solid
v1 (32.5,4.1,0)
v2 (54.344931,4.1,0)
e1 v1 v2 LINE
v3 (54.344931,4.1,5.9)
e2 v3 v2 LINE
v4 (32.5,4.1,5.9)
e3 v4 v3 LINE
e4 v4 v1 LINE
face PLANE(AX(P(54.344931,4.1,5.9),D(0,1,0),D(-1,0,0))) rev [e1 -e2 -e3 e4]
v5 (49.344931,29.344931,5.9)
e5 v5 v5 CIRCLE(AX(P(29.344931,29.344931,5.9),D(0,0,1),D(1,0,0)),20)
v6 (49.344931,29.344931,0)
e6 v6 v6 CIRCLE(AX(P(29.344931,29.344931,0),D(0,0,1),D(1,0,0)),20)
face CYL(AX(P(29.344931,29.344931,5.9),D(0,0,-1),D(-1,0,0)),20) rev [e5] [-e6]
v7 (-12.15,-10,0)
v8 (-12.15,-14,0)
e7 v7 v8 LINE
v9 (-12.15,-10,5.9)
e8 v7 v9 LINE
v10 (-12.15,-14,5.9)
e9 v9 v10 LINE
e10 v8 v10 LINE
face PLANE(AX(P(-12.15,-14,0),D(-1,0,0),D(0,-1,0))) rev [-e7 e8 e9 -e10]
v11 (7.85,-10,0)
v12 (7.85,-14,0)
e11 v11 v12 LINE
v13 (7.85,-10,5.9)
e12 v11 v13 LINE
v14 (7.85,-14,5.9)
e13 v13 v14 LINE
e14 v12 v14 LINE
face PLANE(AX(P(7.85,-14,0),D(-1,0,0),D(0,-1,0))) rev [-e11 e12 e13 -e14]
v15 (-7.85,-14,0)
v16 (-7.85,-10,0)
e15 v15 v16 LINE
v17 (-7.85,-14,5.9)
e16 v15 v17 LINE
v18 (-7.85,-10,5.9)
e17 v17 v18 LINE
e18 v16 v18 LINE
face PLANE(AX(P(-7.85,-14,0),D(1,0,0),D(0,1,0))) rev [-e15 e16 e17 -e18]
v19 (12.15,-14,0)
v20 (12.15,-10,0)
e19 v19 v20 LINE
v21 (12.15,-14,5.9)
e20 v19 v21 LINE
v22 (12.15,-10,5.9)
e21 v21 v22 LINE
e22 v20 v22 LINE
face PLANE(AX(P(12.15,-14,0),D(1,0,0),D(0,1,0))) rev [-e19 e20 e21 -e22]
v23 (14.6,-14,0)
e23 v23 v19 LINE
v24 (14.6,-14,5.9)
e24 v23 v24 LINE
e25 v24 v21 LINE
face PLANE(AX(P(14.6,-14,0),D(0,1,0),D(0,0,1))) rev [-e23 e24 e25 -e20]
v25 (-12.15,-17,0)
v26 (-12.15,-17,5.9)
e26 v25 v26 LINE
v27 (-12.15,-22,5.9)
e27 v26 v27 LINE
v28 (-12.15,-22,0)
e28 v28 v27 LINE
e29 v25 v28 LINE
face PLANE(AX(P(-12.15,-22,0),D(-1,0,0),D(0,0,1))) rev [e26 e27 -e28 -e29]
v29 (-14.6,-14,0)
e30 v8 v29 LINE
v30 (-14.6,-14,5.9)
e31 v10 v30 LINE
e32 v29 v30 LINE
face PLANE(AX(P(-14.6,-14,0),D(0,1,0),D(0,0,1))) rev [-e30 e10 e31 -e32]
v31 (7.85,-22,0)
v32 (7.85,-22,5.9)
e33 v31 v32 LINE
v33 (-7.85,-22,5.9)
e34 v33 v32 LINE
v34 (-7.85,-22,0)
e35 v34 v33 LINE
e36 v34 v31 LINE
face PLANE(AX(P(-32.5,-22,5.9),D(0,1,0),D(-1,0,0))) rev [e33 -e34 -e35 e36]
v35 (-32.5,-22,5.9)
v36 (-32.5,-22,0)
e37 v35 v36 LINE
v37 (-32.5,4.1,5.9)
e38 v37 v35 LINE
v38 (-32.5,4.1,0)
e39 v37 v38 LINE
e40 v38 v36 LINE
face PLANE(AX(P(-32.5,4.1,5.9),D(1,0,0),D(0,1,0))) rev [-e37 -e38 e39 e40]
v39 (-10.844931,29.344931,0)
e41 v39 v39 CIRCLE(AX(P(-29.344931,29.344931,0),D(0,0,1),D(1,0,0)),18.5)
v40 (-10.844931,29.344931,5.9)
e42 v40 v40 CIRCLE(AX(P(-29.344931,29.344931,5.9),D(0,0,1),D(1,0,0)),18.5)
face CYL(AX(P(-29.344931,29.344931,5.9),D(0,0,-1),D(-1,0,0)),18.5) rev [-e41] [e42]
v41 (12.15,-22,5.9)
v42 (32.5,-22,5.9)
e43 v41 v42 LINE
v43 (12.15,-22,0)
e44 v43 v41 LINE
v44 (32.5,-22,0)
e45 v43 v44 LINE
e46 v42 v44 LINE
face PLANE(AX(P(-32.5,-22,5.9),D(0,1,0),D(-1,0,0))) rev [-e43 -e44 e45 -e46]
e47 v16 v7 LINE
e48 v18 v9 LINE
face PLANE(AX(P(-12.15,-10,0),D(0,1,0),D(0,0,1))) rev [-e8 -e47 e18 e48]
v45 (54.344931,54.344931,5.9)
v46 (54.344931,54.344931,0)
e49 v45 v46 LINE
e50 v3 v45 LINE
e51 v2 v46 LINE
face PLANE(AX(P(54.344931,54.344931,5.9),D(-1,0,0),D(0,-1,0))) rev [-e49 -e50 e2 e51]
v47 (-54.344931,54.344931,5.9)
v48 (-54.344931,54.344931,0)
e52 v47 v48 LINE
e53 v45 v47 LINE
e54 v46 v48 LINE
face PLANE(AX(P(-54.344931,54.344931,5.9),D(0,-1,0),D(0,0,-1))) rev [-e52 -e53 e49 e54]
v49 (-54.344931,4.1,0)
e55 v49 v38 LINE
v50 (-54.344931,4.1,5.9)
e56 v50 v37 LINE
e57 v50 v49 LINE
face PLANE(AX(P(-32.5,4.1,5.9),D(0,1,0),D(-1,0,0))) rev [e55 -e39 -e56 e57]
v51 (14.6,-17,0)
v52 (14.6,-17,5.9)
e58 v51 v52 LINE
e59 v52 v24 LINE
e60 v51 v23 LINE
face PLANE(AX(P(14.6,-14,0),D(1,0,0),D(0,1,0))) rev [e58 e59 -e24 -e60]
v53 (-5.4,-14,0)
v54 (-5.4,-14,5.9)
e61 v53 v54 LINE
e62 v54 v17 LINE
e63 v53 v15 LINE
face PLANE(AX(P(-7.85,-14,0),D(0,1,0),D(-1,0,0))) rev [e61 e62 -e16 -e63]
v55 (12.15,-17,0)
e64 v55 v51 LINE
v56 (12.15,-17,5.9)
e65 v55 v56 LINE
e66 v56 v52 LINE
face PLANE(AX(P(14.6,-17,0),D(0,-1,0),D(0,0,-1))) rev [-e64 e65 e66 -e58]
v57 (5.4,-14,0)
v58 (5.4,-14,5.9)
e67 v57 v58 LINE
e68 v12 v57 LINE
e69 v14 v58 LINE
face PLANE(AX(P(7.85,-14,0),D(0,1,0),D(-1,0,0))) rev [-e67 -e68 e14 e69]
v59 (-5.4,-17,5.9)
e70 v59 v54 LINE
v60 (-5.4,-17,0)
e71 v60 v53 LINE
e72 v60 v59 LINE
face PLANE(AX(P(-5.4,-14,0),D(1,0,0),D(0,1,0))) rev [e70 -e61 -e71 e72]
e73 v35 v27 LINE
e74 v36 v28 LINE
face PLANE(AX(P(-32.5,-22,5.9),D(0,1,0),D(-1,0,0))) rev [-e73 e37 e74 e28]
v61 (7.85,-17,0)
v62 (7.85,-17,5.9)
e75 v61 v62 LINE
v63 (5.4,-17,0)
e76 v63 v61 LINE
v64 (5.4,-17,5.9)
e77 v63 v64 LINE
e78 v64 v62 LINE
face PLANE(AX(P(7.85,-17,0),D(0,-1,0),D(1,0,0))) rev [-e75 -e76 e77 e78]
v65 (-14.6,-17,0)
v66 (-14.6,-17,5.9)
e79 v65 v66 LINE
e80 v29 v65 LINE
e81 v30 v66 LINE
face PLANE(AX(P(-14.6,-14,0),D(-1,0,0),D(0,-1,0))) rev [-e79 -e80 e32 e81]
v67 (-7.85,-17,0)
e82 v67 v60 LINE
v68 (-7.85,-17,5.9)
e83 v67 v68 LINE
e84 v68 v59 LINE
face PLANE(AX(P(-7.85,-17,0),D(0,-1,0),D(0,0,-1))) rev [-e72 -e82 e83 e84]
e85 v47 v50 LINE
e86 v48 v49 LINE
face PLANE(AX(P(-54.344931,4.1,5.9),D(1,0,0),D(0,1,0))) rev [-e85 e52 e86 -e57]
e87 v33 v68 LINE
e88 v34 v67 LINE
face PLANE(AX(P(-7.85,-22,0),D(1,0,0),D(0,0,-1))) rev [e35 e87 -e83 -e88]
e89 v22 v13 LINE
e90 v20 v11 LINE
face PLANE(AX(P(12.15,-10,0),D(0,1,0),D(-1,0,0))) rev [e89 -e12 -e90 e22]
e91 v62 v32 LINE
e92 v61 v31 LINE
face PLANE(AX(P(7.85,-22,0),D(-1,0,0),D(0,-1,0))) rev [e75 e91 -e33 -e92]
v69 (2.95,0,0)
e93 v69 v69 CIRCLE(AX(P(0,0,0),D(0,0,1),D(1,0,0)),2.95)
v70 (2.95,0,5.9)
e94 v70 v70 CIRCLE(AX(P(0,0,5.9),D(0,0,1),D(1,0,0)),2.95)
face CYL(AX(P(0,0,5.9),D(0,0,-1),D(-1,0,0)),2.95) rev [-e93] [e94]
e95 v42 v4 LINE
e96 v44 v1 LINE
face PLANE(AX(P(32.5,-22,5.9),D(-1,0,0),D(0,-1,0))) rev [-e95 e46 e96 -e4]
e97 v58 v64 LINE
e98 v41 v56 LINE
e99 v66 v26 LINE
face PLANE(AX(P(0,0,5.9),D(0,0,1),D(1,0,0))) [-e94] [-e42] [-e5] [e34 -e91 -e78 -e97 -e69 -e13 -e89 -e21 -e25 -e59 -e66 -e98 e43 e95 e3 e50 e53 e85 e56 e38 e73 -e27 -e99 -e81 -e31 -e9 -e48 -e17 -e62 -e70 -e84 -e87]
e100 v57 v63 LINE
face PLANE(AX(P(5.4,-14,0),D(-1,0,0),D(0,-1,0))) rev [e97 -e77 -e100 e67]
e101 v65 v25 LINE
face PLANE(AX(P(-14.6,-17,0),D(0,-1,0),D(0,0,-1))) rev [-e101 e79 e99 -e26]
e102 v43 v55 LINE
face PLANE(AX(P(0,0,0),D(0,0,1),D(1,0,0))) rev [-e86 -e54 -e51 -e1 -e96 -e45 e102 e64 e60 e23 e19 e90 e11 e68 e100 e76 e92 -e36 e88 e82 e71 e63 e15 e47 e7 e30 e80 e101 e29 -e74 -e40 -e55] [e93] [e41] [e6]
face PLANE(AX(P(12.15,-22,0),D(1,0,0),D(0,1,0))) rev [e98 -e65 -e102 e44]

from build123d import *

# Parameters (mm, degrees)
SKETCH1_R           = 2.95
SKETCH1_R_2         = 20
SKETCH1_R_3         = 18.5
BOSS_EXTRUDE1_DEPTH = 5.9
CUT_EXTRUDE2_DEPTH  = 78.081470808


with BuildPart() as part:
    # Sketch1 → Boss-Extrude1 (new body)
    with BuildSketch(Plane.XY):
        Polygon((-32.5, 4.1), (-32.5, -22), (32.5, -22), (32.5, 4.1), (54.344931419, 4.1), (54.344931419, 54.344931419), (-54.344931419, 54.344931419), (-54.344931419, 4.1), align=None)
        Circle(SKETCH1_R, mode=Mode.SUBTRACT)
        with Locations((29.344931419, 29.344931419)):
            Circle(SKETCH1_R_2, mode=Mode.SUBTRACT)
        with Locations((-29.344931419, 29.344931419)):
            Circle(SKETCH1_R_3, mode=Mode.SUBTRACT)
    extrude(amount=BOSS_EXTRUDE1_DEPTH)

    # Sketch3 → Cut-Extrude2 (cut, through all)
    with BuildSketch(Plane.XY.offset(5.9)):
        Polygon((-12.15, -22), (-7.85, -22), (-7.85, -17), (-5.4, -17), (-5.4, -14), (-7.85, -14), (-7.85, -10), (-12.15, -10), (-12.15, -14), (-14.6, -14), (-14.6, -17), (-12.15, -17), align=None)
        Polygon((7.85, -14), (7.85, -10), (12.15, -10), (12.15, -14), (14.6, -14), (14.6, -17), (12.15, -17), (12.15, -22), (7.85, -22), (7.85, -17), (5.4, -17), (5.4, -14), align=None)
    extrude(amount=-CUT_EXTRUDE2_DEPTH, mode=Mode.SUBTRACT)


solid = part.part
